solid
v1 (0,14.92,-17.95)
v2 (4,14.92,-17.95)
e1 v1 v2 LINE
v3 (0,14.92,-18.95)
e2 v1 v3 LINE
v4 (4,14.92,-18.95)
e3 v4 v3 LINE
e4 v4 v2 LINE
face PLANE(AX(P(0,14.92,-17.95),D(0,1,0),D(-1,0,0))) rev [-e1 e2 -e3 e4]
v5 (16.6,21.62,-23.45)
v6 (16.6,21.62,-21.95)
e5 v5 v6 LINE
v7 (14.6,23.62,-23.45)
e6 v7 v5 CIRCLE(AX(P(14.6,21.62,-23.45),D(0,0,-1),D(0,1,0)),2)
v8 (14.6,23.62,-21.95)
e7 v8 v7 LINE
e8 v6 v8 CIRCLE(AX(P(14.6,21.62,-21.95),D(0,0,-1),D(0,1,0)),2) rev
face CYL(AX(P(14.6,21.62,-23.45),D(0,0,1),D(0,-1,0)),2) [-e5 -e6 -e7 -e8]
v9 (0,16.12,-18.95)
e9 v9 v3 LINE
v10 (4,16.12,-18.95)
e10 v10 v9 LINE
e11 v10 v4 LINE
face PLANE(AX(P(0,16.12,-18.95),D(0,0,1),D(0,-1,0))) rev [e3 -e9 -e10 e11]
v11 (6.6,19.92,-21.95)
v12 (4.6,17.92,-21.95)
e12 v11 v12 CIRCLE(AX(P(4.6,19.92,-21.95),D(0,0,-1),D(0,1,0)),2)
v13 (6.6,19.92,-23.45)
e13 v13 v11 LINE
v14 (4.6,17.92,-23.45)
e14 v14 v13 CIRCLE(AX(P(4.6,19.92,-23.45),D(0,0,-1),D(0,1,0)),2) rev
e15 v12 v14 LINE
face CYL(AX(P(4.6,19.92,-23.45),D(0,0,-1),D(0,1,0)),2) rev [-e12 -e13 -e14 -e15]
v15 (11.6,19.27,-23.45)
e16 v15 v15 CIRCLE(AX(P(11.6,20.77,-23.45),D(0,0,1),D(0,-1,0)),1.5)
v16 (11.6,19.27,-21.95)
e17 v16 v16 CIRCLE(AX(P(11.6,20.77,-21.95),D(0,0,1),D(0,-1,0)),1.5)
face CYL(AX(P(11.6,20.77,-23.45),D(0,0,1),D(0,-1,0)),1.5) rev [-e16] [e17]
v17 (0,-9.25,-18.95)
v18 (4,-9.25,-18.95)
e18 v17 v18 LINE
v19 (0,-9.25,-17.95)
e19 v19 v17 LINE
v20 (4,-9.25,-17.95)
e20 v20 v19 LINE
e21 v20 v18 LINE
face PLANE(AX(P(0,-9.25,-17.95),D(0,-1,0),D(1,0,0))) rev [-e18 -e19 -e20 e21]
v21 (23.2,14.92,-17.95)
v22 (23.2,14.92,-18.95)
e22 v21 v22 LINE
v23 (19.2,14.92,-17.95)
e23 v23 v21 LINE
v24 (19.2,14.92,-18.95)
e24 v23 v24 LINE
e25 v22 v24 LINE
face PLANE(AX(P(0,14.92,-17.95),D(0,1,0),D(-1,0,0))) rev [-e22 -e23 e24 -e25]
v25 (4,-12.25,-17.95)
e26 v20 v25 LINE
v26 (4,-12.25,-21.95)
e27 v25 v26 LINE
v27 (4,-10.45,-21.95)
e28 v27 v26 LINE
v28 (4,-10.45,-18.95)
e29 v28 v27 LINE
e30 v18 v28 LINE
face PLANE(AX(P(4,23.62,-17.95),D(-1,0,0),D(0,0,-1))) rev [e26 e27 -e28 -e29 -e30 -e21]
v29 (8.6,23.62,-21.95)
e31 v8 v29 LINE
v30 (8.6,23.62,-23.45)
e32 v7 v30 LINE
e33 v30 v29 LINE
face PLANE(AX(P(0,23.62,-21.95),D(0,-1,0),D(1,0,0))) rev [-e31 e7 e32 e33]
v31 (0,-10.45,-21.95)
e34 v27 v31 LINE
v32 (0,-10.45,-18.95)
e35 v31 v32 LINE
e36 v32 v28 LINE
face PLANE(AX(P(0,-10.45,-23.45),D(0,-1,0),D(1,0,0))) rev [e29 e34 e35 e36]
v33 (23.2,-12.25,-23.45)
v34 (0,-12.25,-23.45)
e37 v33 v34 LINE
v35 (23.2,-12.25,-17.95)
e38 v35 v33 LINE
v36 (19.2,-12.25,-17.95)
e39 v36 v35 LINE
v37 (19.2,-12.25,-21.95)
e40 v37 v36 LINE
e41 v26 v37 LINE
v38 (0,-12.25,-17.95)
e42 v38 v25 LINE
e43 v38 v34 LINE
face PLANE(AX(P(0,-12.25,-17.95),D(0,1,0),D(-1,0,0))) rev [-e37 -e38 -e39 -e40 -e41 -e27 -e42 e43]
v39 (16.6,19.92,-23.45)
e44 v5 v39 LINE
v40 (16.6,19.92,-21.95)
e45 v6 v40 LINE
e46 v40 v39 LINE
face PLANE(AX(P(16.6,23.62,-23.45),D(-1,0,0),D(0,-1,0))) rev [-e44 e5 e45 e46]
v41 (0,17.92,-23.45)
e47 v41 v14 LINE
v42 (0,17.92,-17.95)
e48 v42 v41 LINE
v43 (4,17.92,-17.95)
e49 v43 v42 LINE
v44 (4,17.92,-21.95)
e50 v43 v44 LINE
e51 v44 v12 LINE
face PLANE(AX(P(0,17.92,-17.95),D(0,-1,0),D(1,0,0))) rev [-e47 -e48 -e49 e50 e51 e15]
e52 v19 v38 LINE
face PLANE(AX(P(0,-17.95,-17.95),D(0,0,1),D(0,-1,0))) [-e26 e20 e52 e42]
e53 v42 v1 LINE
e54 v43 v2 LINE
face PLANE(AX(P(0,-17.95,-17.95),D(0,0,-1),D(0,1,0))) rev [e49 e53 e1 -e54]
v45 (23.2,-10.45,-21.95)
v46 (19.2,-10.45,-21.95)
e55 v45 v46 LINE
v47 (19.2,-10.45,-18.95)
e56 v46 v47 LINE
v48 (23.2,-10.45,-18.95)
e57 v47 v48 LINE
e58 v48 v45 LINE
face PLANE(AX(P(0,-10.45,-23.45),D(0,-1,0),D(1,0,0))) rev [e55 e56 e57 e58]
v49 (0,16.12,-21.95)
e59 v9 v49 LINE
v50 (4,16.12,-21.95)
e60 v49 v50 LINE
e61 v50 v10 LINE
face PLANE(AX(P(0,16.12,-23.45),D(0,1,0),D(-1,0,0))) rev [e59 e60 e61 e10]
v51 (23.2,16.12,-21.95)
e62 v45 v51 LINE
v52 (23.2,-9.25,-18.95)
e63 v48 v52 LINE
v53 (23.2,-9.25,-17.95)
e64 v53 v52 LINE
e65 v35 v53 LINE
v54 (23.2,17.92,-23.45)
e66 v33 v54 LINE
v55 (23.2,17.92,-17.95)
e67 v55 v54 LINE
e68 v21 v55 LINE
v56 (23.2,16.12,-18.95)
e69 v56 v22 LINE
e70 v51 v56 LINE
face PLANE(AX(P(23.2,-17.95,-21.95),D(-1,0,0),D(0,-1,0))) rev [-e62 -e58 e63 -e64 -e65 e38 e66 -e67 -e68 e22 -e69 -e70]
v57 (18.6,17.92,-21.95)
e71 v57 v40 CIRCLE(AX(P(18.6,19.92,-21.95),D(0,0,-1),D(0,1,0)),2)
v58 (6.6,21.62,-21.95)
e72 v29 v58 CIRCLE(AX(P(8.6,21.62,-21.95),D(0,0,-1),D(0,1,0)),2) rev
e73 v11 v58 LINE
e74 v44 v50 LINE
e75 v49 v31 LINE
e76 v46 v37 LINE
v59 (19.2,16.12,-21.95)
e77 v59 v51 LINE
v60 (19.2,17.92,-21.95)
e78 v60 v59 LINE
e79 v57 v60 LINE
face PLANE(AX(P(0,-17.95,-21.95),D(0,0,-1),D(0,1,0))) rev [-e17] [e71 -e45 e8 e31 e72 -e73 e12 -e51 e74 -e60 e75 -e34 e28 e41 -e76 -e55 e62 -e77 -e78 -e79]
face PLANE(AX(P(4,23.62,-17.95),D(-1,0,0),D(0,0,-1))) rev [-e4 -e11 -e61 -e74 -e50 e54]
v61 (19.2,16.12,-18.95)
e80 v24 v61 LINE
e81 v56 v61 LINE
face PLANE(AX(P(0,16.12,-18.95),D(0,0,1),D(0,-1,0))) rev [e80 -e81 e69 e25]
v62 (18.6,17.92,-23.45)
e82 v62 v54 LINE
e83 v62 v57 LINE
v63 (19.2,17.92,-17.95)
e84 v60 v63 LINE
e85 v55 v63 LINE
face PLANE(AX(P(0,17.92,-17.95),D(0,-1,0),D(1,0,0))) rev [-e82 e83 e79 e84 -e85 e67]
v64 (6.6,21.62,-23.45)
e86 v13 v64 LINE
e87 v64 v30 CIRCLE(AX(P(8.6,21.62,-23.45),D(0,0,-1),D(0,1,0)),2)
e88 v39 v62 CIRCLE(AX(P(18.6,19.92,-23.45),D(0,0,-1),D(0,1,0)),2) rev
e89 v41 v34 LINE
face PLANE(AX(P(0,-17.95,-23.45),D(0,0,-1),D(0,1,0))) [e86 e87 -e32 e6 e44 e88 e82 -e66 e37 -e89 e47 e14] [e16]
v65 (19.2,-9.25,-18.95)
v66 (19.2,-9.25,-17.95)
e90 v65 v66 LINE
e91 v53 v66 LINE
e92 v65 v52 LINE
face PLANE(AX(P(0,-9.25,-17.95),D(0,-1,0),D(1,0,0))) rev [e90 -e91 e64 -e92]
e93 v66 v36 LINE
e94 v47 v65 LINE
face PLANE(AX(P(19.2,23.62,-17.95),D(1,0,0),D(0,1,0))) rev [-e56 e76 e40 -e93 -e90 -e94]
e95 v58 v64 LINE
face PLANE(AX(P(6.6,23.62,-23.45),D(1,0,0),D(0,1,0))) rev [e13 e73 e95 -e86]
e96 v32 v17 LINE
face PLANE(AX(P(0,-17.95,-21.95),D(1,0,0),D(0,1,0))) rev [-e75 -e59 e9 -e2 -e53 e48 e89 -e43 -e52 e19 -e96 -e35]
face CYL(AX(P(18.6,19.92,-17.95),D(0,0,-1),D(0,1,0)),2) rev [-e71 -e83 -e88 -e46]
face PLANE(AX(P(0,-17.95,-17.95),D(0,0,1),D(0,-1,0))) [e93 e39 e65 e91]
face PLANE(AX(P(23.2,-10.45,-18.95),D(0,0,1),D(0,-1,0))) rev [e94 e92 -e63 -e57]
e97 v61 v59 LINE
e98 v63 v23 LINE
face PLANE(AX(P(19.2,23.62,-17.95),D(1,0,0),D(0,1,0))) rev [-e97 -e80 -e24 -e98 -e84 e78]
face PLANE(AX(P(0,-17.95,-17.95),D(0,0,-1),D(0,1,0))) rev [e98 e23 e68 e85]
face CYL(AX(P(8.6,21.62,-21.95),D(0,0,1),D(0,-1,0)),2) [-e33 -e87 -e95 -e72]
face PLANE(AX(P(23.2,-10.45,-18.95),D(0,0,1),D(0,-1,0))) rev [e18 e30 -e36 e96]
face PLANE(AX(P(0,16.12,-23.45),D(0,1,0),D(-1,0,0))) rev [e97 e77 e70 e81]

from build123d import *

# Parameters (mm, degrees)
SKETCH1_W             = 23.2
SKETCH1_H             = 41.57
BOSS_EXTRUDE1_DEPTH   = 1.5
SKETCH2_W             = 23.2
SKETCH2_H             = 3
BOSS_EXTRUDE2_DEPTH   = 4
SKETCH3_W             = 23.2
SKETCH3_H             = 3
CUT_EXTRUDE1_DEPTH    = 1.2
SKETCH4_W             = 23.2
SKETCH4_H             = 3
CUT_EXTRUDE2_DEPTH    = 1.2
SKETCH5_R             = 1.5
CUT_EXTRUDE3_DEPTH    = 48.773474858
SKETCH7_W             = 23.2
SKETCH7_H             = 5.7
CUT_EXTRUDE4_DEPTH    = 48.922384123
SKETCH8_W             = 15.2
SKETCH8_H             = 4
CUT_EXTRUDE5_DEPTH    = 44.071416276
SKETCH9_W             = 6.6
SKETCH9_H             = 5.7
CUT_EXTRUDE6_DEPTH    = 48.773474858
FILLET1_R             = 2
BODY_MOVE_COPY1_ANGLE = 90


with BuildPart() as part:
    # Sketch1 → Boss-Extrude1 (new body)
    with BuildSketch(Plane(origin=(0, 0, 0), x_dir=(1, 0, 0), z_dir=(0, 1, 0))):
        with Locations((11.6, 20.785)):
            Rectangle(SKETCH1_W, SKETCH1_H)
    extrude(amount=BOSS_EXTRUDE1_DEPTH)

    # Sketch2 → Boss-Extrude2 (add)
    with BuildSketch(Plane(origin=(0, 1.5, 0), x_dir=(1, 0, 0), z_dir=(0, 1, 0))):
        with Locations((11.6, 34.37)):
            Rectangle(SKETCH2_W, SKETCH2_H)
        with Locations((11.6, 7.2)):
            Rectangle(SKETCH2_W, SKETCH2_H)
    extrude(amount=BOSS_EXTRUDE2_DEPTH)

    # Sketch3 → Cut-Extrude1 (cut)
    with BuildSketch(Plane.XY.offset(-32.87)):
        with Locations((11.6, 3)):
            Rectangle(SKETCH3_W, SKETCH3_H)
    extrude(amount=-CUT_EXTRUDE1_DEPTH, mode=Mode.SUBTRACT)

    # Sketch4 → Cut-Extrude2 (cut)
    with BuildSketch(Plane(origin=(0, 0, -8.7), x_dir=(-1, 0, 0), z_dir=(0, 0, -1))):
        with Locations((-11.6, 3)):
            Rectangle(SKETCH4_W, SKETCH4_H)
    extrude(amount=-CUT_EXTRUDE2_DEPTH, mode=Mode.SUBTRACT)

    # Sketch5 → Cut-Extrude3 (cut, through all)
    with BuildSketch(Plane(origin=(0, 1.5, 0), x_dir=(1, 0, 0), z_dir=(0, 1, 0))):
        with Locations(Location((11.6, 38.72, 0), (0, 0, 270))):
            Circle(SKETCH5_R)
        with Locations(Location((11.6, 2.85, 0), (0, 0, 270))):
            Circle(SKETCH5_R)
    extrude(amount=-CUT_EXTRUDE3_DEPTH, mode=Mode.SUBTRACT)

    # Sketch7 → Cut-Extrude4 (cut, through all)
    with BuildSketch(Plane(origin=(0, 0, 0), x_dir=(1, 0, 0), z_dir=(0, 1, 0))):
        with Locations((11.6, 2.85)):
            Rectangle(SKETCH7_W, SKETCH7_H)
    extrude(amount=CUT_EXTRUDE4_DEPTH, mode=Mode.SUBTRACT)

    # Sketch8 → Cut-Extrude5 (cut, through all)
    with BuildSketch(Plane.XY.offset(-5.7)):
        with Locations((11.6, 3.5)):
            Rectangle(SKETCH8_W, SKETCH8_H)
    extrude(amount=-CUT_EXTRUDE5_DEPTH, mode=Mode.SUBTRACT)

    # Sketch9 → Cut-Extrude6 (cut, through all)
    with BuildSketch(Plane(origin=(0, 1.5, 0), x_dir=(1, 0, 0), z_dir=(0, 1, 0))):
        with Locations((3.3, 38.72)):
            Rectangle(SKETCH9_W, SKETCH9_H)
        with Locations((19.9, 38.72)):
            Rectangle(SKETCH9_W, SKETCH9_H)
    extrude(amount=-CUT_EXTRUDE6_DEPTH, mode=Mode.SUBTRACT)

    # Fillet1
    fillet1_edges = [part.edges().sort_by_distance(p)[0] for p in [
        (6.6, 0.75, -41.57),
        (6.6, 0.75, -35.87),
        (16.6, 0.75, -41.57),
        (16.6, 0.75, -35.87),
    ]]
    fillet(fillet1_edges, radius=FILLET1_R)


with BuildPart() as part_1:
    # Body-Move/Copy1: moved
    add(part.part.rotate(Axis((0, 2.75, -20.7), (1, 0, 0)), BODY_MOVE_COPY1_ANGLE))


solid = part_1.part
